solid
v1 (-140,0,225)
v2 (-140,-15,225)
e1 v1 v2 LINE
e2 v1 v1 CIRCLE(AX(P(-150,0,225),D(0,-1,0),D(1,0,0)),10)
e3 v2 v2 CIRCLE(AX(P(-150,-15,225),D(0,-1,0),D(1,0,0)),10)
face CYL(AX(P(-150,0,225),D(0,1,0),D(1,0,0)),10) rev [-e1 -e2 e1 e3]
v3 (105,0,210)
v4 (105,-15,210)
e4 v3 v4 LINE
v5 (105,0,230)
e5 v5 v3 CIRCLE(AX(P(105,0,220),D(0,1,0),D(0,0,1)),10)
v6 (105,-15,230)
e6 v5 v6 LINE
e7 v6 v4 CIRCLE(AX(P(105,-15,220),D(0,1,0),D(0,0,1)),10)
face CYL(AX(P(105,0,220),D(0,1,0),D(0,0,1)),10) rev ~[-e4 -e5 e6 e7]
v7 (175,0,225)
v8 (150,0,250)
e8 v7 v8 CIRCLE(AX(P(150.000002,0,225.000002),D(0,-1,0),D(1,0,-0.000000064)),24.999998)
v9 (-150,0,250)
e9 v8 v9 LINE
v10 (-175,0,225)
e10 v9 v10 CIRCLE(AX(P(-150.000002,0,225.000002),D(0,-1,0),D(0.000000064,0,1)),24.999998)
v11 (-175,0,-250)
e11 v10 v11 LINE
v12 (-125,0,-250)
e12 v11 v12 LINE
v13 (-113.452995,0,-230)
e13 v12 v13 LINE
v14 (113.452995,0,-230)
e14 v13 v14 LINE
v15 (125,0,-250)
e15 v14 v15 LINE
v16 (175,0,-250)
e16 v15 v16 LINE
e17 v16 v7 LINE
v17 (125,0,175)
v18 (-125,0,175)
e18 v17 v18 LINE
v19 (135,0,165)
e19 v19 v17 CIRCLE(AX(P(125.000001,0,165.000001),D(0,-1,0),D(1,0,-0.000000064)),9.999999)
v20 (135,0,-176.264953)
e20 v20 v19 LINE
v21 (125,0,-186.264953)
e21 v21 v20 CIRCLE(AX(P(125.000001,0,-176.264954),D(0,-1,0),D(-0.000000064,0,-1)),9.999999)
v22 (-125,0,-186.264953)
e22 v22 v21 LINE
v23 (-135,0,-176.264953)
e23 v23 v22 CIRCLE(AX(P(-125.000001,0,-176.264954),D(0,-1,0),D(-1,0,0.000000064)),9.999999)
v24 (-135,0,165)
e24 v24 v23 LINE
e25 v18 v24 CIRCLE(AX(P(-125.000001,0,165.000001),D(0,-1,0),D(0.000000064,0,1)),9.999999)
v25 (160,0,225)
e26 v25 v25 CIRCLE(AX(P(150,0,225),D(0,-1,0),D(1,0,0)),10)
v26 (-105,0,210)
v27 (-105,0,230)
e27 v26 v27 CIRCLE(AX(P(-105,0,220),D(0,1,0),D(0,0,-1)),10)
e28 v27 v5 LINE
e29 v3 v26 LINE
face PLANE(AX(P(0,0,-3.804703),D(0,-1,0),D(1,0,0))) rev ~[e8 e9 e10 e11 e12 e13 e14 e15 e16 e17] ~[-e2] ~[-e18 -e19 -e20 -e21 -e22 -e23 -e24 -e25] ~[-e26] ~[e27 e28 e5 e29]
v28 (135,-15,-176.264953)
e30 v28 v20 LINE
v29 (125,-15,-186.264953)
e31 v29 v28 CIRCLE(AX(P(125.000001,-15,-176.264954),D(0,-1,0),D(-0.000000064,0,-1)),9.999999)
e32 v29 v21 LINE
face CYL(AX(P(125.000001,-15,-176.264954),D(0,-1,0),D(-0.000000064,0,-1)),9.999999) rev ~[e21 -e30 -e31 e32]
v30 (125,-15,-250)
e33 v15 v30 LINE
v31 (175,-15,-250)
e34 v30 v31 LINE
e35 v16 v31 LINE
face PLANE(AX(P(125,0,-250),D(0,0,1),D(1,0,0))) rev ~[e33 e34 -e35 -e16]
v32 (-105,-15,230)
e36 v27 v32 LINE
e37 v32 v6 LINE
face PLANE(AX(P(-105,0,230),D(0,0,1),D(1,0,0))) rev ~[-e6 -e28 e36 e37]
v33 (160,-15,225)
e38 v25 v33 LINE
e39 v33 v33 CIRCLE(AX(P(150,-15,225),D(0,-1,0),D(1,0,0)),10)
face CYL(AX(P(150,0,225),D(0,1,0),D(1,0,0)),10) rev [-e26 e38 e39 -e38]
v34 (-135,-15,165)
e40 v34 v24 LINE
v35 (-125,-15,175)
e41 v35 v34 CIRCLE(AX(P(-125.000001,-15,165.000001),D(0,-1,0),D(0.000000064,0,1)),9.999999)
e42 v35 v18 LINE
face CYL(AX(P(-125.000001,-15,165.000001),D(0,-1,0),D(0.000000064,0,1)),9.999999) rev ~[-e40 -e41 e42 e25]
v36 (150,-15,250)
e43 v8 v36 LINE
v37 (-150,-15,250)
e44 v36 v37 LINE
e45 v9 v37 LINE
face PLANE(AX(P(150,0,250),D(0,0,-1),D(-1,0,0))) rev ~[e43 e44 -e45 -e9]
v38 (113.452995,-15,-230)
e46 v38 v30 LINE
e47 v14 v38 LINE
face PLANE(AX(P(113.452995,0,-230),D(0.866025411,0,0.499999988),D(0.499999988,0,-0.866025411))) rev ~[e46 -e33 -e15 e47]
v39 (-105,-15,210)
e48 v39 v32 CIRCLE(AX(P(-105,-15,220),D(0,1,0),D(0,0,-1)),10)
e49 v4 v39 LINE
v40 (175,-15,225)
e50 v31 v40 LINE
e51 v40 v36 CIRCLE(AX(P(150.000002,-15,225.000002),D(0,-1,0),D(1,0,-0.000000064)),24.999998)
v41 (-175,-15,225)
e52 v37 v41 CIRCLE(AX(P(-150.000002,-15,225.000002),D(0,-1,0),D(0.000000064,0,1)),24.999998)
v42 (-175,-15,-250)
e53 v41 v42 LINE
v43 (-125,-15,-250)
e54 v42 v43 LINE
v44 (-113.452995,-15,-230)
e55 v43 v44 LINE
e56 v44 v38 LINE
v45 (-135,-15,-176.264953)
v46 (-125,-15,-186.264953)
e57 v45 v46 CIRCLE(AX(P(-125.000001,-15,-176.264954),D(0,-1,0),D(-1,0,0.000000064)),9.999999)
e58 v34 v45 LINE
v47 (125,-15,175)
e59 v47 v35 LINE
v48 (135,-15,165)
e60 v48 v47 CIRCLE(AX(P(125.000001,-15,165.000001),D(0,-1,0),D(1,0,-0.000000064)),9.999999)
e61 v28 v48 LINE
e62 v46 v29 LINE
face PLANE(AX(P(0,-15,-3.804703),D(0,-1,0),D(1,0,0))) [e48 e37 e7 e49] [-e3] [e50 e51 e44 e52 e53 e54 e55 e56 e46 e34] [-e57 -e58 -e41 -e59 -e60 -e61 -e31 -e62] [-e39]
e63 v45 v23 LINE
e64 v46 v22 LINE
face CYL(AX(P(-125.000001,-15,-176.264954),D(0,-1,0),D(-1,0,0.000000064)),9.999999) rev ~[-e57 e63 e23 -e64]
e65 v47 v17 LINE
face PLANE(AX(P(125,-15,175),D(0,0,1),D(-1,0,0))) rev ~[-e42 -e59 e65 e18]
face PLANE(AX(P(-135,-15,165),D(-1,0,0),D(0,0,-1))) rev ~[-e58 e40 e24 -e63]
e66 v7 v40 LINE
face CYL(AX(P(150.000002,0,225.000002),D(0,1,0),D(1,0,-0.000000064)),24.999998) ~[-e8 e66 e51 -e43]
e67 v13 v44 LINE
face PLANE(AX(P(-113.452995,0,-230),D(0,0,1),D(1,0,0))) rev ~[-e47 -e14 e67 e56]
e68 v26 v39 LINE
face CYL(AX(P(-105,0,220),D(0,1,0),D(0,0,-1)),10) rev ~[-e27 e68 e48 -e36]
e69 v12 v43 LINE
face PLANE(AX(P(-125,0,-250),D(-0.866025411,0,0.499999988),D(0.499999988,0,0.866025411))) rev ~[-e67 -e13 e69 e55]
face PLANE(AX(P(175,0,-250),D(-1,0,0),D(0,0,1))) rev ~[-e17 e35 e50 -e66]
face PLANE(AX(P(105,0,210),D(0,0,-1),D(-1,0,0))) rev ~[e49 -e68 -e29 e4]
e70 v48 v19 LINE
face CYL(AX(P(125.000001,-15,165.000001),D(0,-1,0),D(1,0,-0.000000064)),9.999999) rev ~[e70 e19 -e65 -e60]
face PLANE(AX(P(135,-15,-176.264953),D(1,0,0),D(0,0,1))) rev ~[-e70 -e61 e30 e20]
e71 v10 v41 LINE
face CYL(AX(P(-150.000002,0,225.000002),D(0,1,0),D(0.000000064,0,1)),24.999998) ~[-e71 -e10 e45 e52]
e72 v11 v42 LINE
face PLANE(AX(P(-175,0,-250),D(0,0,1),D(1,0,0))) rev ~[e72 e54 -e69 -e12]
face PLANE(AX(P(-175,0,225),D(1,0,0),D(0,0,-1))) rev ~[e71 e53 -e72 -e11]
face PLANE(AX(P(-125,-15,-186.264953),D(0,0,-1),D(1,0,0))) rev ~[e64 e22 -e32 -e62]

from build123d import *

# Parameters (mm, degrees)
F0_R     = 10
F1_DEPTH = 15
F3_DEPTH = 15.001


with BuildPart() as f1:
    # F0 (on Front) → F1 (new body)
    with BuildSketch(Plane.XZ):
        with BuildLine():
            Line((150, 250), (-150, 250))
            ThreePointArc((-150, 250), (-167.67767, 242.67767), (-175, 225))
            Line((-175, 225), (-175, -250))
            Line((-175, -250), (-125, -250))
            Line((-125, -250), (-113.452995, -230))
            Line((-113.452995, -230), (0, -230))
            Line((0, -230), (113.452995, -230))
            Line((113.452995, -230), (125, -250))
            Line((125, -250), (175, -250))
            Line((175, -250), (175, 225))
            ThreePointArc((175, 225), (167.67767, 242.67767), (150, 250))
        make_face()
        with Locations((-150, 225)):
            Circle(F0_R, mode=Mode.SUBTRACT)
        with BuildLine():
            Line((105, 210), (-105, 210))
            ThreePointArc((-105, 210), (-115, 220), (-105, 230))
            Line((-105, 230), (105, 230))
            ThreePointArc((105, 230), (115, 220), (105, 210))
        make_face(mode=Mode.SUBTRACT)
        with Locations((150, 225)):
            Circle(F0_R, mode=Mode.SUBTRACT)
    extrude(amount=F1_DEPTH)

    # F2 (on face) → F3 (cut, through all)
    with BuildSketch(Plane.XZ.offset(15)):
        with BuildLine():
            ThreePointArc((135, 165), (132.071068, 172.071068), (125, 175))
            Line((125, 175), (-125, 175))
            ThreePointArc((-125, 175), (-132.071068, 172.071068), (-135, 165))
            Line((-135, 165), (-135, -176.264953))
            ThreePointArc((-135, -176.264953), (-132.071068, -183.336021), (-125, -186.264953))
            Line((-125, -186.264953), (125, -186.264953))
            ThreePointArc((125, -186.264953), (132.071068, -183.336021), (135, -176.264953))
            Line((135, -176.264953), (135, 165))
        make_face()
    extrude(amount=-F3_DEPTH, mode=Mode.SUBTRACT)


solid = f1.part
